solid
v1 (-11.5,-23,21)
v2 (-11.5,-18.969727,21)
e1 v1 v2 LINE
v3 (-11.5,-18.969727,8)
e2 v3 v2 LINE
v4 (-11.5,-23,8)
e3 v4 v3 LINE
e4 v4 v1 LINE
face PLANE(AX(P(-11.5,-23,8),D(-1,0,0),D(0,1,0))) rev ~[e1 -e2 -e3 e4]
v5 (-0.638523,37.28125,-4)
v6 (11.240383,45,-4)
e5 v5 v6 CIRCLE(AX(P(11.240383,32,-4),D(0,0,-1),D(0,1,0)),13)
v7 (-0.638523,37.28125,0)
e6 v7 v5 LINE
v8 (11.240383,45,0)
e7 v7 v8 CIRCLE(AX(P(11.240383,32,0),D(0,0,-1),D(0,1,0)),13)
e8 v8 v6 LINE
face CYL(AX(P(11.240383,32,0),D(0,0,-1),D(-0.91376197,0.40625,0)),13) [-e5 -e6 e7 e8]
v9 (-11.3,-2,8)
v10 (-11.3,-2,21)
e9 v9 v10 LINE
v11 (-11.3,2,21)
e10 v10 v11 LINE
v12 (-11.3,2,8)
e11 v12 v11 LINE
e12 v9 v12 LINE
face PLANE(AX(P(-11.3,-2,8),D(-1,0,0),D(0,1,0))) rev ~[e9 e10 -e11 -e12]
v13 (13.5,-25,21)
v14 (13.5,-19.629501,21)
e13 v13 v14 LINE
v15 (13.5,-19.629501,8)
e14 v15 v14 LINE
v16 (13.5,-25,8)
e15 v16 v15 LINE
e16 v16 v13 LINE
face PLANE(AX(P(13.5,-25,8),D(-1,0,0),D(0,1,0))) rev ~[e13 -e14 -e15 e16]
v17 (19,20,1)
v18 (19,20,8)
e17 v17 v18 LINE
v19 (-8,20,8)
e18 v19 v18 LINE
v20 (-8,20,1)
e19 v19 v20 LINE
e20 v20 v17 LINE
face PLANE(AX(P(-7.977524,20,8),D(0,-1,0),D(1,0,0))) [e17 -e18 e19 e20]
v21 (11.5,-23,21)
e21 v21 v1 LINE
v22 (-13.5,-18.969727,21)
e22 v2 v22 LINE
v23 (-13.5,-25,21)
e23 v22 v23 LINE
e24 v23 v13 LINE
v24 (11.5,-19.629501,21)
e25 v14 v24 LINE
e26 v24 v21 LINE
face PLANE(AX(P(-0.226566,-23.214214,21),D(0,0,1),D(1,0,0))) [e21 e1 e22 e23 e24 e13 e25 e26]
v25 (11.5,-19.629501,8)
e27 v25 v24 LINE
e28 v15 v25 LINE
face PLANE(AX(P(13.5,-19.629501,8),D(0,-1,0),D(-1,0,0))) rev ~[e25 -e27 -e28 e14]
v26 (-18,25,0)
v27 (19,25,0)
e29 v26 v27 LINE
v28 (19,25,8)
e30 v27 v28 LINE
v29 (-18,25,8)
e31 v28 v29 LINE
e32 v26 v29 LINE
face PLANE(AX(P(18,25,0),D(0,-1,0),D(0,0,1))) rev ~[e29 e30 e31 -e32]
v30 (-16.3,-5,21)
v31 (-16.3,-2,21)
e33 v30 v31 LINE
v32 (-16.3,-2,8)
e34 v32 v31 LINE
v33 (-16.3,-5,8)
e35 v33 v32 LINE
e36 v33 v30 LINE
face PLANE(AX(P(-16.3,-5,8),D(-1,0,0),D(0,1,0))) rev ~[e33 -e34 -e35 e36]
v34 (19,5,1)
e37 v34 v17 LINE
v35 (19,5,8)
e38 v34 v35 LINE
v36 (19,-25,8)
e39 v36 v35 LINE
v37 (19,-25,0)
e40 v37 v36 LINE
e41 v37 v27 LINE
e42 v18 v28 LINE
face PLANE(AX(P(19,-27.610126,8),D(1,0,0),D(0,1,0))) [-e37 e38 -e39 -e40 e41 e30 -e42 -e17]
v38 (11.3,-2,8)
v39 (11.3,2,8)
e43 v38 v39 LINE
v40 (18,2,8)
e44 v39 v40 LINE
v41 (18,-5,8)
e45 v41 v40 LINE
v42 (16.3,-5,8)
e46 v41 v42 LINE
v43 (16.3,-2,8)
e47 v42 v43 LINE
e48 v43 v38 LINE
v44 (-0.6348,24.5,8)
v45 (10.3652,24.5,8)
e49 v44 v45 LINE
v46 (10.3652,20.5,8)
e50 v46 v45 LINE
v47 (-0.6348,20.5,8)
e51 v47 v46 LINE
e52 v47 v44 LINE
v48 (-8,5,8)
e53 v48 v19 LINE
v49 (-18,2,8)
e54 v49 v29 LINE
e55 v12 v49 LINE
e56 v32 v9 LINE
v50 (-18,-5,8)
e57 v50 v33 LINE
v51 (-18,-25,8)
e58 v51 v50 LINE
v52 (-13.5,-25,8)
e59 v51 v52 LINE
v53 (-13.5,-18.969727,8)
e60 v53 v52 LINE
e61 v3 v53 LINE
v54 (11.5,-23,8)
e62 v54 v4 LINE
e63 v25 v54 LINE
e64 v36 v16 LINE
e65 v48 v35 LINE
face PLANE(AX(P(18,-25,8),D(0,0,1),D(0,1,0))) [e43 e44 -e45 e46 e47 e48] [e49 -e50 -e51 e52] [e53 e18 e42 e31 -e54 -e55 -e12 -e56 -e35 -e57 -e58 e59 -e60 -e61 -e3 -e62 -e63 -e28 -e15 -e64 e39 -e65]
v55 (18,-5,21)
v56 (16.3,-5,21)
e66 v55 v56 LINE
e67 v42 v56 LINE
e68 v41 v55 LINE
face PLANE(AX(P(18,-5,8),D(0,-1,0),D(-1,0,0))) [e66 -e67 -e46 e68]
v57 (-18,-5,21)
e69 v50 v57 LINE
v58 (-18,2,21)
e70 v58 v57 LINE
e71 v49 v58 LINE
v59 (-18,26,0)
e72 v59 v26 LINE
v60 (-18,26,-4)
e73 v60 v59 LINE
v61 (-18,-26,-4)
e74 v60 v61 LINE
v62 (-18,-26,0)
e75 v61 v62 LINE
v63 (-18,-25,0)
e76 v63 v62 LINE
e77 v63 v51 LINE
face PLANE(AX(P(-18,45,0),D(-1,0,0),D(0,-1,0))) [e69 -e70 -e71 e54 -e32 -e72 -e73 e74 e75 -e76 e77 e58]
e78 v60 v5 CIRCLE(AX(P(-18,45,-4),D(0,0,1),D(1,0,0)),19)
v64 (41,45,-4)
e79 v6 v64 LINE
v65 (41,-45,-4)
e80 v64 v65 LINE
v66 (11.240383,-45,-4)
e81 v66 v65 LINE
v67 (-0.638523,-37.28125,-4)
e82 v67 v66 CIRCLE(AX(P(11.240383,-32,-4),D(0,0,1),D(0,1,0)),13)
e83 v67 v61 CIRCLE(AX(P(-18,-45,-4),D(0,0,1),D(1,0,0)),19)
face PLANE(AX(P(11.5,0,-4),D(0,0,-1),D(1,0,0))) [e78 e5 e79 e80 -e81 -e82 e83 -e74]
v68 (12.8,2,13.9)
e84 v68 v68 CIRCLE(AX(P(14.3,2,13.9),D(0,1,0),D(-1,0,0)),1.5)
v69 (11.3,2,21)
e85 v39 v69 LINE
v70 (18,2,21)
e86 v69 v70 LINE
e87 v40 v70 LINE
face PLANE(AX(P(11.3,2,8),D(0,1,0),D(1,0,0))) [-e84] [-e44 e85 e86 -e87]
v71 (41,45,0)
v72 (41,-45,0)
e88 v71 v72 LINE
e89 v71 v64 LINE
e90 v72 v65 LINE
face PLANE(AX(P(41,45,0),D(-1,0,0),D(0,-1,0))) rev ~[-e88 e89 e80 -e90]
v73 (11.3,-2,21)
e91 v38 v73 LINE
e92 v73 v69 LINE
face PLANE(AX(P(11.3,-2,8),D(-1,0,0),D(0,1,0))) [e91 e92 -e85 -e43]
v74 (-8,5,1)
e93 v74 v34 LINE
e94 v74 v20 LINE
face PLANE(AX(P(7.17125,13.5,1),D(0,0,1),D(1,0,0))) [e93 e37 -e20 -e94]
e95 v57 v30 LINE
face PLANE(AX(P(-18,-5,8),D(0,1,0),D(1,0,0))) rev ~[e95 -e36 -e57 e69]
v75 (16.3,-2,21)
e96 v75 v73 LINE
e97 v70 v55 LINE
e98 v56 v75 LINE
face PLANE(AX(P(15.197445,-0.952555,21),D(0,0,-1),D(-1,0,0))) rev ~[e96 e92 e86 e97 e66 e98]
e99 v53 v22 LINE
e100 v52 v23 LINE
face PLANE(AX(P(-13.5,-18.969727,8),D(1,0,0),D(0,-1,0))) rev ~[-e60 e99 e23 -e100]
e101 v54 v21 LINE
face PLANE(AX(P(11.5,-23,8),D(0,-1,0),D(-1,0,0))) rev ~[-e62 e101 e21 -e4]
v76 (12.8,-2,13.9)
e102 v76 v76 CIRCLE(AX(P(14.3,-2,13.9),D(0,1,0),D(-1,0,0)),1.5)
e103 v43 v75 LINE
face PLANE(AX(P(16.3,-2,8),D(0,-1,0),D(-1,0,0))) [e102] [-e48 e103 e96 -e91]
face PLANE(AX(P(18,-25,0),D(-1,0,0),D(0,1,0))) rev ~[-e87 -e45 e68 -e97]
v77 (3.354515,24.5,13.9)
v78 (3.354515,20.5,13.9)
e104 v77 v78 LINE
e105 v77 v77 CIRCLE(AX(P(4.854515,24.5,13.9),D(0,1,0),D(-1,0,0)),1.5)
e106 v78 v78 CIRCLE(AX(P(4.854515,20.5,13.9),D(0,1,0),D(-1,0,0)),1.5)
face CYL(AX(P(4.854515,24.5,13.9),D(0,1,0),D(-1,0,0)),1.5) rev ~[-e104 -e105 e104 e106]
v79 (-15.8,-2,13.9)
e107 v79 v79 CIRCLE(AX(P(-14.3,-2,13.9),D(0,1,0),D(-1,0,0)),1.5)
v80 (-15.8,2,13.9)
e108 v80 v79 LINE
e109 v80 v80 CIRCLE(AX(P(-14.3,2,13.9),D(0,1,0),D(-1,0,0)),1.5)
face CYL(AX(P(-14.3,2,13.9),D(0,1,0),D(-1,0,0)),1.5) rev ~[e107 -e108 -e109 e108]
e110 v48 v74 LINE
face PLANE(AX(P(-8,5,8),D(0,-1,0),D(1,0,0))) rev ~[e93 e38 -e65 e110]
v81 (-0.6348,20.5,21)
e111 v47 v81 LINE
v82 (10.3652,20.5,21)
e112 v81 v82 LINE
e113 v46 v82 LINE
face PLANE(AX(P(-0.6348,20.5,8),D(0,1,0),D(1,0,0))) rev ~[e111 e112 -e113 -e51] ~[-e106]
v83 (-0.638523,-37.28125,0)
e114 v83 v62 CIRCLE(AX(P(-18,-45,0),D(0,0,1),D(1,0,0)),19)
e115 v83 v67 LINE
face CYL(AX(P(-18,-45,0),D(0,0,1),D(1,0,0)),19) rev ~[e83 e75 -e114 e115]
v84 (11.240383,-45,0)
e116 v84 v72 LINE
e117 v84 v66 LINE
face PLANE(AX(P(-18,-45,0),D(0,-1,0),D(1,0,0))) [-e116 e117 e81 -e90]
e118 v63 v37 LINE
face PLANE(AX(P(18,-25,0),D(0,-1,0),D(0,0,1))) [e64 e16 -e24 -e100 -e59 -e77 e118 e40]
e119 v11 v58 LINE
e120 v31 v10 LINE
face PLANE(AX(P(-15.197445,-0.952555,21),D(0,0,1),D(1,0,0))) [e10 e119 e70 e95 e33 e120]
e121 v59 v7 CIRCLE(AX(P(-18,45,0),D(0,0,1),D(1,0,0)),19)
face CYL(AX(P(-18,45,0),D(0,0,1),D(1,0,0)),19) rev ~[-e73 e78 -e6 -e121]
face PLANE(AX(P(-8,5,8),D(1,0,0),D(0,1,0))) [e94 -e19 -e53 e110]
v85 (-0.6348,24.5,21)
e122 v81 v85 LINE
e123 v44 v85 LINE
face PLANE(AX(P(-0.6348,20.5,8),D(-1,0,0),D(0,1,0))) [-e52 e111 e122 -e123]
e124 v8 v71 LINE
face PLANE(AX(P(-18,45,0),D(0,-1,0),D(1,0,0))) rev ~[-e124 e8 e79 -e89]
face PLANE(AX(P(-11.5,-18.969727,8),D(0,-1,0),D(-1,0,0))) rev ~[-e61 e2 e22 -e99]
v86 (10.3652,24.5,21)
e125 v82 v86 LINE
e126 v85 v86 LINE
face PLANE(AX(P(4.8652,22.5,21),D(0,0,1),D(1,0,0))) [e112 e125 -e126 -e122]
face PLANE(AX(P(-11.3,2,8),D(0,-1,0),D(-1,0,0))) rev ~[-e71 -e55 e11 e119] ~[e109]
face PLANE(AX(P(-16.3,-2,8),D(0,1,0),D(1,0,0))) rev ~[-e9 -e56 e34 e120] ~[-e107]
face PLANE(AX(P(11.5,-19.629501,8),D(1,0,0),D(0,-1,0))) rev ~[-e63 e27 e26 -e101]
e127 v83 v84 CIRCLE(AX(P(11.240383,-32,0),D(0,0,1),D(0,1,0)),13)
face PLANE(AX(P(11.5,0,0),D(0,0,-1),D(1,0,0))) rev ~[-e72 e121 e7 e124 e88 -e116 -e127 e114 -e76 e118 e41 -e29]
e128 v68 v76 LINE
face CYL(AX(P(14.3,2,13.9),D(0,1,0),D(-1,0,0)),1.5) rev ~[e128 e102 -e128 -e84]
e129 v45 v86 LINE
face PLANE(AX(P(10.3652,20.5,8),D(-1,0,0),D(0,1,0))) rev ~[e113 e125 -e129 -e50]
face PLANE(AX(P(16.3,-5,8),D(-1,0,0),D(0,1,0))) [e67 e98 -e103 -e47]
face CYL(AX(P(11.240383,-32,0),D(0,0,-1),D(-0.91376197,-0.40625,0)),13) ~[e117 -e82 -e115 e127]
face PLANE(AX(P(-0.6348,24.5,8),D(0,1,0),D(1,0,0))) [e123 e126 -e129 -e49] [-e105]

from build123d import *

# Parameters (mm, degrees)
SKETCH_W        = 36
SKETCH_H        = 50
PAD_DEPTH       = 8
PAD001_DEPTH    = 13
SKETCH004_W     = 11
SKETCH004_H     = 4
PAD003_DEPTH    = 13
PAD002_DEPTH    = 13
SKETCH005_W     = 25.977524
SKETCH005_H     = 13
POCKET_DEPTH    = 5
SKETCH006_R     = 1.5
POCKET001_DEPTH = 5
SKETCH007_R     = 1.5
POCKET002_DEPTH = 5
CHAMFER_SIZE    = 2
CHAMFER001_SIZE = 2
CHAMFER002_SIZE = 3
CHAMFER003_SIZE = 2
SKETCH008_W     = 23.210894
SKETCH008_H     = 13
POCKET003_DEPTH = 2
CHAMFER004_SIZE = 1
SKETCH009_W     = 50
SKETCH009_H     = 8
PAD004_DEPTH    = 50
SKETCH010_W     = 50
SKETCH010_H     = 15
POCKET004_DEPTH = 7
SKETCH011_W     = 52.452881
SKETCH011_H     = 55.220252
POCKET005_DEPTH = 8
SKETCH012_W     = 59
SKETCH012_H     = 90
PAD005_DEPTH    = 4
SKETCH013_R     = 19
POCKET006_DEPTH = 4.001
FILLET_R        = 13


with BuildPart() as pad003:
    # Sketch → Pad (new body)
    with BuildSketch(Plane.XY):
        Rectangle(SKETCH_W, SKETCH_H)
    extrude(amount=PAD_DEPTH)

    # Sketch002 → Pad001 (new body)
    with BuildSketch(Plane.XY.offset(8)):
        Polygon((-13.5, -25), (13.5, -25), (13.5, -19.629501), (11.5, -19.629501), (11.5, -23), (-11.5, -23), (-11.5, -18.969727), (-13.5, -18.969727), align=None)
    extrude(amount=PAD001_DEPTH)

    # Sketch004 → Pad003 (new body)
    with BuildSketch(Plane.XY.offset(8)):
        with Locations((4.8652, 22.5)):
            Rectangle(SKETCH004_W, SKETCH004_H)
    extrude(amount=PAD003_DEPTH)


with BuildPart() as fillet_body:
    # Sketch003 → Pad002 (new body)
    with BuildSketch(Plane.XY.offset(8)):
        Polygon((11.3, 2), (18, 2), (18, -5), (16.3, -5), (16.3, -2), (11.3, -2), align=None)
        Polygon((-11.3, 2), (-18, 2), (-18, -5), (-16.3, -5), (-16.3, -2), (-11.3, -2), align=None)
    extrude(amount=PAD002_DEPTH)

    # Fusion: union Pad003
    add(pad003.part)

    # Sketch005 → Pocket (cut)
    with BuildSketch(Plane.XY.offset(8)):
        with Locations((5.011238, 13.5)):
            Rectangle(SKETCH005_W, SKETCH005_H)
    extrude(amount=-POCKET_DEPTH, mode=Mode.SUBTRACT)

    # Sketch006 → Pocket001 (cut)
    with BuildSketch(Plane(origin=(0, 2, 0), x_dir=(-1, 0, 0), z_dir=(0, 1, 0))):
        with Locations((-14.3, 13.9)):
            Circle(SKETCH006_R)
        with Locations((14.3, 13.9)):
            Circle(SKETCH006_R)
    extrude(amount=-POCKET001_DEPTH, mode=Mode.SUBTRACT)

    # Sketch007 → Pocket002 (cut)
    with BuildSketch(Plane(origin=(0, 24.5, 0), x_dir=(-1, 0, 0), z_dir=(0, 1, 0))):
        with Locations((-4.854515, 13.9)):
            Circle(SKETCH007_R)
    extrude(amount=-POCKET002_DEPTH, mode=Mode.SUBTRACT)

    # Chamfer
    chamfer_edges = [fillet_body.edges().sort_by_distance(p)[0] for p in [
        (18, 13.5, 3),
    ]]
    chamfer(chamfer_edges, length=CHAMFER_SIZE)

    # Chamfer001
    chamfer001_edges = [fillet_body.edges().sort_by_distance(p)[0] for p in [
        (16, 13.5, 3),
    ]]
    chamfer(chamfer001_edges, length=CHAMFER001_SIZE)

    # Chamfer002
    chamfer002_edges = [fillet_body.edges().sort_by_distance(p)[0] for p in [
        (14, 13.5, 3),
    ]]
    chamfer(chamfer002_edges, length=CHAMFER002_SIZE)

    # Chamfer003
    chamfer003_edges = [fillet_body.edges().sort_by_distance(p)[0] for p in [
        (11, 13.5, 3),
    ]]
    chamfer(chamfer003_edges, length=CHAMFER003_SIZE)

    # Sketch008 → Pocket003 (cut)
    with BuildSketch(Plane.XY.offset(3)):
        with Locations((7.17125, 13.5)):
            Rectangle(SKETCH008_W, SKETCH008_H)
    extrude(amount=-POCKET003_DEPTH, mode=Mode.SUBTRACT)

    # Chamfer004
    chamfer004_edges = [fillet_body.edges().sort_by_distance(p)[0] for p in [
        (-4.434197, 13.5, 3),
    ]]
    chamfer(chamfer004_edges, length=CHAMFER004_SIZE)

    # Sketch009 → Pad004 (new body)
    with BuildSketch(Plane.YZ.offset(18)):
        with Locations((0, 4)):
            Rectangle(SKETCH009_W, SKETCH009_H)
    extrude(amount=PAD004_DEPTH)

    # Sketch010 → Pocket004 (cut)
    with BuildSketch(Plane.XY.offset(8)):
        with Locations((17, 12.5)):
            Rectangle(SKETCH010_W, SKETCH010_H)
    extrude(amount=-POCKET004_DEPTH, mode=Mode.SUBTRACT)

    # Sketch011 → Pocket005 (cut)
    with BuildSketch(Plane.XY.offset(8)):
        with Locations((45.22644, 0)):
            Rectangle(SKETCH011_W, SKETCH011_H)
    extrude(amount=-POCKET005_DEPTH, mode=Mode.SUBTRACT)

    # Sketch012 → Pad005 (new body)
    with BuildSketch(Plane(origin=(0, 0, 0), x_dir=(1, 0, 0), z_dir=(0, 0, -1))):
        with Locations((11.5, 0)):
            Rectangle(SKETCH012_W, SKETCH012_H)
    extrude(amount=PAD005_DEPTH)

    # Sketch013 → Pocket006 (cut, through all)
    with BuildSketch(Plane.XY):
        with Locations((-18, 45)):
            Circle(SKETCH013_R)
        with Locations((-18, -45)):
            Circle(SKETCH013_R)
    extrude(amount=-POCKET006_DEPTH, mode=Mode.SUBTRACT)

    # Fillet
    fillet_edges = [fillet_body.edges().sort_by_distance(p)[0] for p in [
        (1, -45, -2),
        (1, 45, -2),
    ]]
    fillet(fillet_edges, radius=FILLET_R)


solid = fillet_body.part
